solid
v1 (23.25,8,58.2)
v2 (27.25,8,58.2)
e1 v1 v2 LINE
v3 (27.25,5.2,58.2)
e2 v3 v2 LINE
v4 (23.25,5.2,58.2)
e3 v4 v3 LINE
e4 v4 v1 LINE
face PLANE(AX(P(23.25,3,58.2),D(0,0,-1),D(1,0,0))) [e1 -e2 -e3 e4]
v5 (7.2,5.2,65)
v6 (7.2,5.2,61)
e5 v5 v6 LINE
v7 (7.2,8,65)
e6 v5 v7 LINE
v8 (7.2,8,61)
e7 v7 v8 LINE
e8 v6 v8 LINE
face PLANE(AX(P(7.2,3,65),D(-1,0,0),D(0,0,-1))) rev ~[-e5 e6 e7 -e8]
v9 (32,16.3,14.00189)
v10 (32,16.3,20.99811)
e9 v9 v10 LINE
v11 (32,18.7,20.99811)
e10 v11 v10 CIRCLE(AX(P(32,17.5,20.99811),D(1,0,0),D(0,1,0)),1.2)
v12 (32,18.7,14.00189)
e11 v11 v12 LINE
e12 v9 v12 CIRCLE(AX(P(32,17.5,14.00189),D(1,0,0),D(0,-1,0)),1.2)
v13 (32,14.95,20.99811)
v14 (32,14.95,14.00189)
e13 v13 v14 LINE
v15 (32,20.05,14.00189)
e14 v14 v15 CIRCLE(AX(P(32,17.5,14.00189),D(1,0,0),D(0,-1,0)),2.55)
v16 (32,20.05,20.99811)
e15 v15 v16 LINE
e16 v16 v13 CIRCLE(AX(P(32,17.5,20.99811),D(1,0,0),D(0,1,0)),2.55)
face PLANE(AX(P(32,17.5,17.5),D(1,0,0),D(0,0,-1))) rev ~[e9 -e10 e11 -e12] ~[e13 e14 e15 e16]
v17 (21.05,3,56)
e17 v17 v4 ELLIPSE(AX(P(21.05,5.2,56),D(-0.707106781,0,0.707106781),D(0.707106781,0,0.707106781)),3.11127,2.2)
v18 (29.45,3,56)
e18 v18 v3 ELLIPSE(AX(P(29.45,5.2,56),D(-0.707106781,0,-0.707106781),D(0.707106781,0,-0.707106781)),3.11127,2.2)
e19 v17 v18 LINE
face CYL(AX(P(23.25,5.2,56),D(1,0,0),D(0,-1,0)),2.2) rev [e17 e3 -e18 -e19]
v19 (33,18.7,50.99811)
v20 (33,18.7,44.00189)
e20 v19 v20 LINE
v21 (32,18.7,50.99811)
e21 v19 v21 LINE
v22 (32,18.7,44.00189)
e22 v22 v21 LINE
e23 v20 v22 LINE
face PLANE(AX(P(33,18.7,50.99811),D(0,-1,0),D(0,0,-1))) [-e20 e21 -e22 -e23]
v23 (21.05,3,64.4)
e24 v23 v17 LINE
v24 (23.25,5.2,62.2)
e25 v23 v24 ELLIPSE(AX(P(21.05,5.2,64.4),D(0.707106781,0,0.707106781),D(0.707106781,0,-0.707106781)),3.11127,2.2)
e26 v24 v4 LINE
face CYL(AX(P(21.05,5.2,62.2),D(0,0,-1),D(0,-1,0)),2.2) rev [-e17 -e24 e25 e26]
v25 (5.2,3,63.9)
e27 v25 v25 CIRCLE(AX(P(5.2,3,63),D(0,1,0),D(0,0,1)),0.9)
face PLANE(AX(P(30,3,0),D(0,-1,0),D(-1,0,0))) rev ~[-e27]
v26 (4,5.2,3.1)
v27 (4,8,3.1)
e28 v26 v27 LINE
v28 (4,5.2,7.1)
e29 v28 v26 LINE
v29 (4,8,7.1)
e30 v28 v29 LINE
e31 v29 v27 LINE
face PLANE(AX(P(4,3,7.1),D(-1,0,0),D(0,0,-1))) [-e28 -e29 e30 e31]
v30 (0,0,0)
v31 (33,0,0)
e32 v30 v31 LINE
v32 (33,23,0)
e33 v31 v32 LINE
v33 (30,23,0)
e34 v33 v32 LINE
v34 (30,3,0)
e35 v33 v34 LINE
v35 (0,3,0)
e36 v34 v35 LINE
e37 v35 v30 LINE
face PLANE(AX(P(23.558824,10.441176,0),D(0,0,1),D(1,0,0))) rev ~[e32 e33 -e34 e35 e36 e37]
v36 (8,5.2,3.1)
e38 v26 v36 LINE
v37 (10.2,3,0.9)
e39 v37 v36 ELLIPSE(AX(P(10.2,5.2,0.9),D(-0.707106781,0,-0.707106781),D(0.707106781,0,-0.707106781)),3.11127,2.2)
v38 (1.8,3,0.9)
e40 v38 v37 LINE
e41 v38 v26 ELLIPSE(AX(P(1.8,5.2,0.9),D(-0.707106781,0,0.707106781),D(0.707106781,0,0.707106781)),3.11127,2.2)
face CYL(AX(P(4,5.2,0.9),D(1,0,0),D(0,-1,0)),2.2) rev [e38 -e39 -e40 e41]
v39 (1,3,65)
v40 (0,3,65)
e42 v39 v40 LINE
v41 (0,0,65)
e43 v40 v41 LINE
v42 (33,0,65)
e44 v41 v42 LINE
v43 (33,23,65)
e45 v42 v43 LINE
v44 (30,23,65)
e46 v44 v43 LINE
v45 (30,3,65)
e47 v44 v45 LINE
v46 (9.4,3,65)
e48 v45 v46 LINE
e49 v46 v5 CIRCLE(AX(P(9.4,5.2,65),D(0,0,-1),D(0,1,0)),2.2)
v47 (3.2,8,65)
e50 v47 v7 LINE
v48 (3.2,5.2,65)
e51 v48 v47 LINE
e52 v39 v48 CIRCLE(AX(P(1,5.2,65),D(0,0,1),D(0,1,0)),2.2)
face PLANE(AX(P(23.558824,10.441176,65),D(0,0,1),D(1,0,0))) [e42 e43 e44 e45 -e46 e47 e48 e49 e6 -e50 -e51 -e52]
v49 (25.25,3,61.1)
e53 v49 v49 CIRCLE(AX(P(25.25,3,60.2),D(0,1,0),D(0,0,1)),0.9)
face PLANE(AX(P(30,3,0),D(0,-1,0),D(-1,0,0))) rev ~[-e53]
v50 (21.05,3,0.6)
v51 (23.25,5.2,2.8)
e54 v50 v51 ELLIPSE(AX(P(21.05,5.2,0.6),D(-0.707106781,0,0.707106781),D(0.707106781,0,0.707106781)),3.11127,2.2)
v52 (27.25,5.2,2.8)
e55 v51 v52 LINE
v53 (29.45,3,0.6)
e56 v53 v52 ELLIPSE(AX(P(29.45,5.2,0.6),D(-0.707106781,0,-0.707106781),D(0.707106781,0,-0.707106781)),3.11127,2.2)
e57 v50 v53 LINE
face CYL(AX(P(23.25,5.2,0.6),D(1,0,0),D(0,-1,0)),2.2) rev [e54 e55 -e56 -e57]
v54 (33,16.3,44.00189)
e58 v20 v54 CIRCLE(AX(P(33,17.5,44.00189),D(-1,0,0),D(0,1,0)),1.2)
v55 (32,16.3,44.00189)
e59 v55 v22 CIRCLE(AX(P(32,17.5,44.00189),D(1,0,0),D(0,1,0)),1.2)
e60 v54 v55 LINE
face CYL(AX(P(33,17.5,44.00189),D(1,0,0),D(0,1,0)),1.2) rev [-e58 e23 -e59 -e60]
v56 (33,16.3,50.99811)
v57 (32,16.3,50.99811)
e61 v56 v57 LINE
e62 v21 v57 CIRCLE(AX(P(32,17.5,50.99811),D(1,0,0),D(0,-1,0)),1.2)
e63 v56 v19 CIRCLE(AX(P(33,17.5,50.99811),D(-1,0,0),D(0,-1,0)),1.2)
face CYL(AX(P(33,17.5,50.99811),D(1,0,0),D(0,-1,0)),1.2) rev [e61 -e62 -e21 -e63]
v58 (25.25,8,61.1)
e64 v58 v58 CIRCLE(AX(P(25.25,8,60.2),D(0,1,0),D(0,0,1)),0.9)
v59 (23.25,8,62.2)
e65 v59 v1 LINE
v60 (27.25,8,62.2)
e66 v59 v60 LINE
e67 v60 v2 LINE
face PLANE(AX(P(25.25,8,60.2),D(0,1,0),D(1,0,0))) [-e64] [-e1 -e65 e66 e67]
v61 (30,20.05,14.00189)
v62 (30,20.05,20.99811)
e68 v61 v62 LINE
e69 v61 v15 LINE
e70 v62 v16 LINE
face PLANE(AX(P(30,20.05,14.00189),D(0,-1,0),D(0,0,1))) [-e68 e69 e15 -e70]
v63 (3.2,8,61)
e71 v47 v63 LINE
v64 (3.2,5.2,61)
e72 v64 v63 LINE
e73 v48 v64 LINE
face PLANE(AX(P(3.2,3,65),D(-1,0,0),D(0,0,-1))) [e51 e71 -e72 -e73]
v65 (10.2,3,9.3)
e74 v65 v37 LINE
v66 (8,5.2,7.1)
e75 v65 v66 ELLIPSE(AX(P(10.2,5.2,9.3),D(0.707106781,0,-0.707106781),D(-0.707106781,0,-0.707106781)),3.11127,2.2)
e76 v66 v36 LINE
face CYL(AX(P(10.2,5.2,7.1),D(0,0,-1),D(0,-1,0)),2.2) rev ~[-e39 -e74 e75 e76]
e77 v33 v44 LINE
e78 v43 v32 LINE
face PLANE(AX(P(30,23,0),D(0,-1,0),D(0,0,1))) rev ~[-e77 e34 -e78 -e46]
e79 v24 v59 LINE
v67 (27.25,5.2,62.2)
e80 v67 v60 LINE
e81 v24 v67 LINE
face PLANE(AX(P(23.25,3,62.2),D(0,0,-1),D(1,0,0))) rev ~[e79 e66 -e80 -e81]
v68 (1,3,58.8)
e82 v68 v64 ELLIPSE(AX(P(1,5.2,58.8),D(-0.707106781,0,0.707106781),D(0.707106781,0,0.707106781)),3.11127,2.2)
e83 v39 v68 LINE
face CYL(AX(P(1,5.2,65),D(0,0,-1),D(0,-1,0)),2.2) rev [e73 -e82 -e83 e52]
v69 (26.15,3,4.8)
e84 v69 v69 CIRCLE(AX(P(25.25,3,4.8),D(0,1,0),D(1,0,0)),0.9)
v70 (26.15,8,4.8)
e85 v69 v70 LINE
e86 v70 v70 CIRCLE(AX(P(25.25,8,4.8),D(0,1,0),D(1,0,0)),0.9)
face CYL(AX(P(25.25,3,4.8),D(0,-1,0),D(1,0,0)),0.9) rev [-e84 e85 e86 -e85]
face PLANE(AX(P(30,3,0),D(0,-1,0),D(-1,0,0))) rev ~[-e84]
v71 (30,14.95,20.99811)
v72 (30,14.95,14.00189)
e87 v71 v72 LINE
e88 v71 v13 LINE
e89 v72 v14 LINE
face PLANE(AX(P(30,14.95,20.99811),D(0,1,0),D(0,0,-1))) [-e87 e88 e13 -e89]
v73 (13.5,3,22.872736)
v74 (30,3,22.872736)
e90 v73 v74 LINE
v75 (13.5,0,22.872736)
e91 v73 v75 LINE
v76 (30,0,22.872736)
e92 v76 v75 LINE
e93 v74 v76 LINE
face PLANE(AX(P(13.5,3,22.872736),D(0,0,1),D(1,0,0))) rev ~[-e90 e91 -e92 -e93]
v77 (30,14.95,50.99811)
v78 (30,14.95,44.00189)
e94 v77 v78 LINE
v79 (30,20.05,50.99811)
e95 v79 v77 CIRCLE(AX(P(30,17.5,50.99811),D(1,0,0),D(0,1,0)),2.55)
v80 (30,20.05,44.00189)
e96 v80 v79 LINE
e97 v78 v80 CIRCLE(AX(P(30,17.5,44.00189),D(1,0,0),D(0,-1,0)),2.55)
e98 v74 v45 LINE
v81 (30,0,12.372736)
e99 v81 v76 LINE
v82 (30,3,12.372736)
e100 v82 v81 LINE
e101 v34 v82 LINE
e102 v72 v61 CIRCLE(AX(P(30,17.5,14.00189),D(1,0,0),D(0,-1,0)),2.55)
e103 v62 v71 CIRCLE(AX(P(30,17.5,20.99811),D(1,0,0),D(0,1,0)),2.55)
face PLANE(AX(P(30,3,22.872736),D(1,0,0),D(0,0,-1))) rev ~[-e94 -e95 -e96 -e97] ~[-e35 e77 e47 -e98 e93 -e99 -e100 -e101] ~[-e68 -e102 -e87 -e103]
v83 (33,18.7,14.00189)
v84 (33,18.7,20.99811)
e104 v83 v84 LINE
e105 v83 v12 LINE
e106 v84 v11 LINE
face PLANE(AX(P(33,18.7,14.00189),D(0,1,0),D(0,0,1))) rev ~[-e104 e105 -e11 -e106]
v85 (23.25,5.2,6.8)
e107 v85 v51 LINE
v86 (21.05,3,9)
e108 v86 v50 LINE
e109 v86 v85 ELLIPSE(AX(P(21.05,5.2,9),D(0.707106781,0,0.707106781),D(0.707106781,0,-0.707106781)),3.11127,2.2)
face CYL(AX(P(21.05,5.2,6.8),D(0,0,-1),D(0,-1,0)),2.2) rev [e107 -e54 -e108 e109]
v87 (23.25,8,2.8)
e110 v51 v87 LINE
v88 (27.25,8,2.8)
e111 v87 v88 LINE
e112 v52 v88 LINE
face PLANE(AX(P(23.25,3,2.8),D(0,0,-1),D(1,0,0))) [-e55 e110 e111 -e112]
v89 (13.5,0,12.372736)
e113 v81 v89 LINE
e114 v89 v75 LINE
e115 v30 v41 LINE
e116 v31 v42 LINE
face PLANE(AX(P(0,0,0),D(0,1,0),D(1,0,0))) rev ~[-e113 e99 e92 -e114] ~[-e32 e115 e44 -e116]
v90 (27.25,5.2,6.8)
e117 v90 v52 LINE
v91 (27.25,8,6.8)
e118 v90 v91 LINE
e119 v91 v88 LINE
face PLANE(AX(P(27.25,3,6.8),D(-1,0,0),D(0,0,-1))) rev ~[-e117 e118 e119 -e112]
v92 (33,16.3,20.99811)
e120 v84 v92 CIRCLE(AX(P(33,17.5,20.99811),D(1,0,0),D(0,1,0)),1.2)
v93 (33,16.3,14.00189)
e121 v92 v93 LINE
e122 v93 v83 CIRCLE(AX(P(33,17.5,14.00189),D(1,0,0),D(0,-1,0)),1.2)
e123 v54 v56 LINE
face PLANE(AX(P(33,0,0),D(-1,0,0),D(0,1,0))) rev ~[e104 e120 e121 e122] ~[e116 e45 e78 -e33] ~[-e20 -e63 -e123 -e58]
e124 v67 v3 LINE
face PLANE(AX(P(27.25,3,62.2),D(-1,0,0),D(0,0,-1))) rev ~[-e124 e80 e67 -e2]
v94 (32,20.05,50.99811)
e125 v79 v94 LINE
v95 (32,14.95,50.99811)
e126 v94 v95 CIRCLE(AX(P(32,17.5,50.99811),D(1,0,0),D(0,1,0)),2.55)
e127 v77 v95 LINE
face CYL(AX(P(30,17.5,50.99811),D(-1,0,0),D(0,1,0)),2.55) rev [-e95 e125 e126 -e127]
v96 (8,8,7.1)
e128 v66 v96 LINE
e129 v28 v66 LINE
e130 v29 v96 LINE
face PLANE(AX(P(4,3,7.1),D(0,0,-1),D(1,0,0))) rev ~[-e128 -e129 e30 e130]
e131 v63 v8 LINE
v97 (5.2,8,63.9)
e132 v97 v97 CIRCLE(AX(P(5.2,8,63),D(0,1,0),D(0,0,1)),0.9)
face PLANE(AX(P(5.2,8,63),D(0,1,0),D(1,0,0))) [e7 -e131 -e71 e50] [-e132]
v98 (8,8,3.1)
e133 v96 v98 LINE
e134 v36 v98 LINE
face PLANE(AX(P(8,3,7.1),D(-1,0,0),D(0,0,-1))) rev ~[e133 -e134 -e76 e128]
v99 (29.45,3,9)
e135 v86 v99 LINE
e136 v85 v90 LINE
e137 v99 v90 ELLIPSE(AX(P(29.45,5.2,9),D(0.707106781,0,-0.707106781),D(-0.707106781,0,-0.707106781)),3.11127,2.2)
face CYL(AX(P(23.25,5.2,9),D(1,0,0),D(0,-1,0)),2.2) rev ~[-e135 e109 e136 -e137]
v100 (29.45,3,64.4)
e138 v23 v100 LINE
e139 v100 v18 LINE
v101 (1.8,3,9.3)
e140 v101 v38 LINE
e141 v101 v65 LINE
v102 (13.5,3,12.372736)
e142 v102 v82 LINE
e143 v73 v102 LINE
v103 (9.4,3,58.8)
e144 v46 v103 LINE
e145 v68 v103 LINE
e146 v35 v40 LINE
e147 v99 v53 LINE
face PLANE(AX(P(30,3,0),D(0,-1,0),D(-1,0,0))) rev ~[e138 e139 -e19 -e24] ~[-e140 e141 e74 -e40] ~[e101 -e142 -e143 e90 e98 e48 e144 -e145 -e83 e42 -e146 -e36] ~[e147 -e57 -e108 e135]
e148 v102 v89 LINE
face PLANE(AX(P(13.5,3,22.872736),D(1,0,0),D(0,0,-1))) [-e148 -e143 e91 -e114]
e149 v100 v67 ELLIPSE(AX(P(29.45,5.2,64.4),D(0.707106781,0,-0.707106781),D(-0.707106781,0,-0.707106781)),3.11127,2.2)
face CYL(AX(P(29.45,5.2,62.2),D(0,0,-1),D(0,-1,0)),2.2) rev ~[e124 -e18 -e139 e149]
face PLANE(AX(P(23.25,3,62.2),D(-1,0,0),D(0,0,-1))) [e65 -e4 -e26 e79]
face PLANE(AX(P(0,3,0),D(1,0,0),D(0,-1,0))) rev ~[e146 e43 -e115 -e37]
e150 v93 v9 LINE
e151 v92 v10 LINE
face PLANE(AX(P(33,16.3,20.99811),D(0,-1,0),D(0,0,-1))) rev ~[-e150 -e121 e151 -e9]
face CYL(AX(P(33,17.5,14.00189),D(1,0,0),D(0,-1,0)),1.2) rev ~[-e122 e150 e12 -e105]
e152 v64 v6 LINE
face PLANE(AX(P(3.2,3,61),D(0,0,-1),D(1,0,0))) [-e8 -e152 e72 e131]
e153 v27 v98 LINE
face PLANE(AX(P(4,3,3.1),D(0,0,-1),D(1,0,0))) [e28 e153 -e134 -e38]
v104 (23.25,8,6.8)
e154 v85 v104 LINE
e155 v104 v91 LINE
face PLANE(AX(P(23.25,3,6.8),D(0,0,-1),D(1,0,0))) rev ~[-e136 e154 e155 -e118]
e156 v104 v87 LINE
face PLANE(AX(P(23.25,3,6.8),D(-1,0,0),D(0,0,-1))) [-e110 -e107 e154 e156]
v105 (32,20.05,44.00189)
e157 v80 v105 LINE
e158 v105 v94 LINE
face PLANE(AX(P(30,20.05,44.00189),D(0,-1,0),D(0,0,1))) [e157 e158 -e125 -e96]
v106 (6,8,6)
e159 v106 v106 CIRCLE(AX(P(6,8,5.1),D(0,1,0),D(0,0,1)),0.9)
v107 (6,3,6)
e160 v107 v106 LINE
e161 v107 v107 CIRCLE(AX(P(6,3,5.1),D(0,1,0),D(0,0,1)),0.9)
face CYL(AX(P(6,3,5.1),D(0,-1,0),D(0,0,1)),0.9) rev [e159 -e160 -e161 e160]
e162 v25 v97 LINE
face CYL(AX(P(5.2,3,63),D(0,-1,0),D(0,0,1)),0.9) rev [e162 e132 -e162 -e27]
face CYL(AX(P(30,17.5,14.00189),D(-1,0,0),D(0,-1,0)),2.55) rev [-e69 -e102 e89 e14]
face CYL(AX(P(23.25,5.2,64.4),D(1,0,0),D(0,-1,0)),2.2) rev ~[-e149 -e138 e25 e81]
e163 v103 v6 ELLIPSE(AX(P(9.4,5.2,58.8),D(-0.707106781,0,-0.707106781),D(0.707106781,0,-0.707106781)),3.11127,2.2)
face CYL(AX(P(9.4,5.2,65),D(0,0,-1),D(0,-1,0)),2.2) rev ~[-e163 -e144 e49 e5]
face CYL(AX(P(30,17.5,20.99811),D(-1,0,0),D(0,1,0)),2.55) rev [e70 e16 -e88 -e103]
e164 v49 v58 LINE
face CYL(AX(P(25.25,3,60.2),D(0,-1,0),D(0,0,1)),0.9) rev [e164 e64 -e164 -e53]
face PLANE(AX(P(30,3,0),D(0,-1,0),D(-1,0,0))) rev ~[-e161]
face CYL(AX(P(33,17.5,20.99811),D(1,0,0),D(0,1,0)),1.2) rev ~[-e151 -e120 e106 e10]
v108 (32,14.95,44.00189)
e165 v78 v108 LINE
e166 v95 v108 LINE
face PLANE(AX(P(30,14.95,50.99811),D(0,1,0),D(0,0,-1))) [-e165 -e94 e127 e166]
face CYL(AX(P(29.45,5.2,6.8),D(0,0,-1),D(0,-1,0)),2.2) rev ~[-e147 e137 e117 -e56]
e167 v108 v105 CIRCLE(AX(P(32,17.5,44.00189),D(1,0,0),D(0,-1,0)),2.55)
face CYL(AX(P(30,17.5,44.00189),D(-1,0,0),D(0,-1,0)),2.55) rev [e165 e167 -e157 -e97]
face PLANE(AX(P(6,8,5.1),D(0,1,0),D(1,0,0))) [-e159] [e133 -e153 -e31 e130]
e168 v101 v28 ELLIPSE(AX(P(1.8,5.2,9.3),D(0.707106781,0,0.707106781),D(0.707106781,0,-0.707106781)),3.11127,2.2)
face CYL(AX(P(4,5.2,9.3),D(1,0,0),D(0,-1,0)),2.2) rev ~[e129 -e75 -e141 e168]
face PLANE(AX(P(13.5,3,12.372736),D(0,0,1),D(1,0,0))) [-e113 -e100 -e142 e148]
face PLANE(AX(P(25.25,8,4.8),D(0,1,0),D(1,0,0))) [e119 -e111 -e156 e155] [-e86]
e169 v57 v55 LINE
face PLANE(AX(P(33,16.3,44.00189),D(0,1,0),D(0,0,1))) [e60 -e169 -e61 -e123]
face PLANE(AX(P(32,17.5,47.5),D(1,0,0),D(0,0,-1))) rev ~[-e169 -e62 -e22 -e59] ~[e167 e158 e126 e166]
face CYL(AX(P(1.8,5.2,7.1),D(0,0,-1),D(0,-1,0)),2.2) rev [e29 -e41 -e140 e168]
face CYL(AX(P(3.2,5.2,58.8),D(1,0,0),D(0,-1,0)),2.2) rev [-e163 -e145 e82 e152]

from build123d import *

# Parameters (mm, degrees)
BOSS_EXTRUDE1_DEPTH = 65
SKETCH2_W           = 4
SKETCH2_H           = 4
SKETCH2_R           = 0.9
BOSS_EXTRUDE2_DEPTH = 5
CUT_EXTRUDE2_REACH  = 81.612
SKETCH3_W           = 16.5
SKETCH3_H           = 10.5
CUT_EXTRUDE3_REACH  = 82.864
CUT_EXTRUDE4_DEPTH  = 2
FILLET1_R           = 2.2
CUT_EXTRUDE5_REACH  = 81.687
SKETCH7_W           = 65
SKETCH7_H           = 12


with BuildPart() as part:
    # Sketch1 → Boss-Extrude1 (new body)
    with BuildSketch(Plane.XY):
        Polygon((0, 0), (33, 0), (33, 35), (30, 35), (30, 3), (0, 3), align=None)
    extrude(amount=BOSS_EXTRUDE1_DEPTH)

    # Sketch2 → Boss-Extrude2 (add)
    # profile 1 of 4: a face of its own
    with BuildSketch(Plane(origin=(0, 3, 0), x_dir=(1, 0, 0), z_dir=(0, 1, 0))):
        with Locations((25.25, -60.2)):
            Rectangle(SKETCH2_W, SKETCH2_H)
        with Locations(Location((25.25, -60.2, 0), (0, 0, 270))):
            Circle(SKETCH2_R, mode=Mode.SUBTRACT)
    # profile 2 of 4: a face of its own
    with BuildSketch(Plane(origin=(0, 3, 0), x_dir=(1, 0, 0), z_dir=(0, 1, 0))):
        with Locations((25.25, -4.8)):
            Rectangle(SKETCH2_W, SKETCH2_H)
        with Locations((25.25, -4.8)):
            Circle(SKETCH2_R, mode=Mode.SUBTRACT)
    # profile 3 of 4: a face of its own
    with BuildSketch(Plane(origin=(0, 3, 0), x_dir=(1, 0, 0), z_dir=(0, 1, 0))):
        with Locations((6, -5.1)):
            Rectangle(SKETCH2_W, SKETCH2_H)
        with Locations(Location((6, -5.1, 0), (0, 0, 270))):
            Circle(SKETCH2_R, mode=Mode.SUBTRACT)
    # profile 4 of 4: a face of its own
    with BuildSketch(Plane(origin=(0, 3, 0), x_dir=(1, 0, 0), z_dir=(0, 1, 0))):
        with Locations((5.2, -63)):
            Rectangle(SKETCH2_W, SKETCH2_H)
        with Locations(Location((5.2, -63, 0), (0, 0, 270))):
            Circle(SKETCH2_R, mode=Mode.SUBTRACT)
    extrude(amount=BOSS_EXTRUDE2_DEPTH)

    # Sketch3 → Cut-Extrude2 (cut, up to next)
    with BuildSketch(Plane(origin=(0, 3, 0), x_dir=(1, 0, 0), z_dir=(0, 1, 0)), mode=Mode.PRIVATE) as cut_extrude2_sk1:
        with Locations((21.75, -17.622736475)):
            Rectangle(SKETCH3_W, SKETCH3_H)
    cut_extrude2_tool1 = extrude(cut_extrude2_sk1.sketch, amount=-CUT_EXTRUDE2_REACH, mode=Mode.PRIVATE) & part.part
    add(cut_extrude2_tool1.solids().sort_by_distance((21.75, 3, 17.622736))[0], mode=Mode.SUBTRACT)

    # Sketch4 → Cut-Extrude3 (cut, up to next)
    with BuildSketch(Plane(origin=(33, 0, 0), x_dir=(0, 0, -1), z_dir=(1, 0, 0)), mode=Mode.PRIVATE) as cut_extrude3_sk1:
        with BuildLine():
            Line((-44.00188963, 16.3), (-50.99811037, 16.3))
            ThreePointArc((-50.99811037, 16.3), (-52.19811037, 17.5), (-50.99811037, 18.7))
            Line((-50.99811037, 18.7), (-44.00188963, 18.7))
            ThreePointArc((-44.00188963, 18.7), (-42.80188963, 17.5), (-44.00188963, 16.3))
        make_face()
    cut_extrude3_tool1 = extrude(cut_extrude3_sk1.sketch, amount=-CUT_EXTRUDE3_REACH, mode=Mode.PRIVATE) & part.part
    # Sketch4 → Cut-Extrude3 (cut, up to next)
    with BuildSketch(Plane(origin=(33, 0, 0), x_dir=(0, 0, -1), z_dir=(1, 0, 0)), mode=Mode.PRIVATE) as cut_extrude3_sk2:
        with BuildLine():
            Line((-20.99811037, 16.3), (-14.00188963, 16.3))
            ThreePointArc((-14.00188963, 16.3), (-12.80188963, 17.5), (-14.00188963, 18.7))
            Line((-14.00188963, 18.7), (-20.99811037, 18.7))
            ThreePointArc((-20.99811037, 18.7), (-22.19811037, 17.5), (-20.99811037, 16.3))
        make_face()
    cut_extrude3_tool2 = extrude(cut_extrude3_sk2.sketch, amount=-CUT_EXTRUDE3_REACH, mode=Mode.PRIVATE) & part.part
    add(cut_extrude3_tool1.solids().sort_by_distance((33, 17.5, 47.5))[0], mode=Mode.SUBTRACT)
    add(cut_extrude3_tool2.solids().sort_by_distance((33, 17.5, 17.5))[0], mode=Mode.SUBTRACT)

    # Sketch5 → Cut-Extrude4 (cut)
    with BuildSketch(Plane.ZY.offset(-30)):
        with BuildLine():
            Line((20.99811037, 14.95), (14.00188963, 14.95))
            ThreePointArc((14.00188963, 14.95), (11.45188963, 17.5), (14.00188963, 20.05))
            Line((14.00188963, 20.05), (20.99811037, 20.05))
            ThreePointArc((20.99811037, 20.05), (23.54811037, 17.5), (20.99811037, 14.95))
        make_face()
        with BuildLine():
            Line((44.00188963, 20.05), (50.99811037, 20.05))
            ThreePointArc((50.99811037, 20.05), (53.54811037, 17.5), (50.99811037, 14.95))
            Line((50.99811037, 14.95), (44.00188963, 14.95))
            ThreePointArc((44.00188963, 14.95), (41.45188963, 17.5), (44.00188963, 20.05))
        make_face()
    extrude(amount=-CUT_EXTRUDE4_DEPTH, mode=Mode.SUBTRACT)

    # Fillet1
    fillet1_edges = [part.edges().sort_by_distance(p)[0] for p in [
        (25.25, 3, 58.2),
        (27.25, 3, 60.2),
        (25.25, 3, 62.2),
        (23.25, 3, 60.2),
        (25.25, 3, 2.8),
        (23.25, 3, 4.8),
        (27.25, 3, 4.8),
        (25.25, 3, 6.8),
        (7.2, 3, 63),
        (5.2, 3, 61),
        (3.2, 3, 63),
        (8, 3, 5.1),
        (6, 3, 3.1),
        (6, 3, 7.1),
        (4, 3, 5.1),
    ]]
    fillet(fillet1_edges, radius=FILLET1_R)

    # Sketch7 → Cut-Extrude5 (cut, up to next)
    with BuildSketch(Plane.ZY.offset(-30), mode=Mode.PRIVATE) as cut_extrude5_sk1:
        with Locations((32.5, 29)):
            Rectangle(SKETCH7_W, SKETCH7_H)
    cut_extrude5_tool1 = extrude(cut_extrude5_sk1.sketch, amount=-CUT_EXTRUDE5_REACH, mode=Mode.PRIVATE) & part.part
    add(cut_extrude5_tool1.solids().sort_by_distance((30, 29, 32.5))[0], mode=Mode.SUBTRACT)


solid = part.part
